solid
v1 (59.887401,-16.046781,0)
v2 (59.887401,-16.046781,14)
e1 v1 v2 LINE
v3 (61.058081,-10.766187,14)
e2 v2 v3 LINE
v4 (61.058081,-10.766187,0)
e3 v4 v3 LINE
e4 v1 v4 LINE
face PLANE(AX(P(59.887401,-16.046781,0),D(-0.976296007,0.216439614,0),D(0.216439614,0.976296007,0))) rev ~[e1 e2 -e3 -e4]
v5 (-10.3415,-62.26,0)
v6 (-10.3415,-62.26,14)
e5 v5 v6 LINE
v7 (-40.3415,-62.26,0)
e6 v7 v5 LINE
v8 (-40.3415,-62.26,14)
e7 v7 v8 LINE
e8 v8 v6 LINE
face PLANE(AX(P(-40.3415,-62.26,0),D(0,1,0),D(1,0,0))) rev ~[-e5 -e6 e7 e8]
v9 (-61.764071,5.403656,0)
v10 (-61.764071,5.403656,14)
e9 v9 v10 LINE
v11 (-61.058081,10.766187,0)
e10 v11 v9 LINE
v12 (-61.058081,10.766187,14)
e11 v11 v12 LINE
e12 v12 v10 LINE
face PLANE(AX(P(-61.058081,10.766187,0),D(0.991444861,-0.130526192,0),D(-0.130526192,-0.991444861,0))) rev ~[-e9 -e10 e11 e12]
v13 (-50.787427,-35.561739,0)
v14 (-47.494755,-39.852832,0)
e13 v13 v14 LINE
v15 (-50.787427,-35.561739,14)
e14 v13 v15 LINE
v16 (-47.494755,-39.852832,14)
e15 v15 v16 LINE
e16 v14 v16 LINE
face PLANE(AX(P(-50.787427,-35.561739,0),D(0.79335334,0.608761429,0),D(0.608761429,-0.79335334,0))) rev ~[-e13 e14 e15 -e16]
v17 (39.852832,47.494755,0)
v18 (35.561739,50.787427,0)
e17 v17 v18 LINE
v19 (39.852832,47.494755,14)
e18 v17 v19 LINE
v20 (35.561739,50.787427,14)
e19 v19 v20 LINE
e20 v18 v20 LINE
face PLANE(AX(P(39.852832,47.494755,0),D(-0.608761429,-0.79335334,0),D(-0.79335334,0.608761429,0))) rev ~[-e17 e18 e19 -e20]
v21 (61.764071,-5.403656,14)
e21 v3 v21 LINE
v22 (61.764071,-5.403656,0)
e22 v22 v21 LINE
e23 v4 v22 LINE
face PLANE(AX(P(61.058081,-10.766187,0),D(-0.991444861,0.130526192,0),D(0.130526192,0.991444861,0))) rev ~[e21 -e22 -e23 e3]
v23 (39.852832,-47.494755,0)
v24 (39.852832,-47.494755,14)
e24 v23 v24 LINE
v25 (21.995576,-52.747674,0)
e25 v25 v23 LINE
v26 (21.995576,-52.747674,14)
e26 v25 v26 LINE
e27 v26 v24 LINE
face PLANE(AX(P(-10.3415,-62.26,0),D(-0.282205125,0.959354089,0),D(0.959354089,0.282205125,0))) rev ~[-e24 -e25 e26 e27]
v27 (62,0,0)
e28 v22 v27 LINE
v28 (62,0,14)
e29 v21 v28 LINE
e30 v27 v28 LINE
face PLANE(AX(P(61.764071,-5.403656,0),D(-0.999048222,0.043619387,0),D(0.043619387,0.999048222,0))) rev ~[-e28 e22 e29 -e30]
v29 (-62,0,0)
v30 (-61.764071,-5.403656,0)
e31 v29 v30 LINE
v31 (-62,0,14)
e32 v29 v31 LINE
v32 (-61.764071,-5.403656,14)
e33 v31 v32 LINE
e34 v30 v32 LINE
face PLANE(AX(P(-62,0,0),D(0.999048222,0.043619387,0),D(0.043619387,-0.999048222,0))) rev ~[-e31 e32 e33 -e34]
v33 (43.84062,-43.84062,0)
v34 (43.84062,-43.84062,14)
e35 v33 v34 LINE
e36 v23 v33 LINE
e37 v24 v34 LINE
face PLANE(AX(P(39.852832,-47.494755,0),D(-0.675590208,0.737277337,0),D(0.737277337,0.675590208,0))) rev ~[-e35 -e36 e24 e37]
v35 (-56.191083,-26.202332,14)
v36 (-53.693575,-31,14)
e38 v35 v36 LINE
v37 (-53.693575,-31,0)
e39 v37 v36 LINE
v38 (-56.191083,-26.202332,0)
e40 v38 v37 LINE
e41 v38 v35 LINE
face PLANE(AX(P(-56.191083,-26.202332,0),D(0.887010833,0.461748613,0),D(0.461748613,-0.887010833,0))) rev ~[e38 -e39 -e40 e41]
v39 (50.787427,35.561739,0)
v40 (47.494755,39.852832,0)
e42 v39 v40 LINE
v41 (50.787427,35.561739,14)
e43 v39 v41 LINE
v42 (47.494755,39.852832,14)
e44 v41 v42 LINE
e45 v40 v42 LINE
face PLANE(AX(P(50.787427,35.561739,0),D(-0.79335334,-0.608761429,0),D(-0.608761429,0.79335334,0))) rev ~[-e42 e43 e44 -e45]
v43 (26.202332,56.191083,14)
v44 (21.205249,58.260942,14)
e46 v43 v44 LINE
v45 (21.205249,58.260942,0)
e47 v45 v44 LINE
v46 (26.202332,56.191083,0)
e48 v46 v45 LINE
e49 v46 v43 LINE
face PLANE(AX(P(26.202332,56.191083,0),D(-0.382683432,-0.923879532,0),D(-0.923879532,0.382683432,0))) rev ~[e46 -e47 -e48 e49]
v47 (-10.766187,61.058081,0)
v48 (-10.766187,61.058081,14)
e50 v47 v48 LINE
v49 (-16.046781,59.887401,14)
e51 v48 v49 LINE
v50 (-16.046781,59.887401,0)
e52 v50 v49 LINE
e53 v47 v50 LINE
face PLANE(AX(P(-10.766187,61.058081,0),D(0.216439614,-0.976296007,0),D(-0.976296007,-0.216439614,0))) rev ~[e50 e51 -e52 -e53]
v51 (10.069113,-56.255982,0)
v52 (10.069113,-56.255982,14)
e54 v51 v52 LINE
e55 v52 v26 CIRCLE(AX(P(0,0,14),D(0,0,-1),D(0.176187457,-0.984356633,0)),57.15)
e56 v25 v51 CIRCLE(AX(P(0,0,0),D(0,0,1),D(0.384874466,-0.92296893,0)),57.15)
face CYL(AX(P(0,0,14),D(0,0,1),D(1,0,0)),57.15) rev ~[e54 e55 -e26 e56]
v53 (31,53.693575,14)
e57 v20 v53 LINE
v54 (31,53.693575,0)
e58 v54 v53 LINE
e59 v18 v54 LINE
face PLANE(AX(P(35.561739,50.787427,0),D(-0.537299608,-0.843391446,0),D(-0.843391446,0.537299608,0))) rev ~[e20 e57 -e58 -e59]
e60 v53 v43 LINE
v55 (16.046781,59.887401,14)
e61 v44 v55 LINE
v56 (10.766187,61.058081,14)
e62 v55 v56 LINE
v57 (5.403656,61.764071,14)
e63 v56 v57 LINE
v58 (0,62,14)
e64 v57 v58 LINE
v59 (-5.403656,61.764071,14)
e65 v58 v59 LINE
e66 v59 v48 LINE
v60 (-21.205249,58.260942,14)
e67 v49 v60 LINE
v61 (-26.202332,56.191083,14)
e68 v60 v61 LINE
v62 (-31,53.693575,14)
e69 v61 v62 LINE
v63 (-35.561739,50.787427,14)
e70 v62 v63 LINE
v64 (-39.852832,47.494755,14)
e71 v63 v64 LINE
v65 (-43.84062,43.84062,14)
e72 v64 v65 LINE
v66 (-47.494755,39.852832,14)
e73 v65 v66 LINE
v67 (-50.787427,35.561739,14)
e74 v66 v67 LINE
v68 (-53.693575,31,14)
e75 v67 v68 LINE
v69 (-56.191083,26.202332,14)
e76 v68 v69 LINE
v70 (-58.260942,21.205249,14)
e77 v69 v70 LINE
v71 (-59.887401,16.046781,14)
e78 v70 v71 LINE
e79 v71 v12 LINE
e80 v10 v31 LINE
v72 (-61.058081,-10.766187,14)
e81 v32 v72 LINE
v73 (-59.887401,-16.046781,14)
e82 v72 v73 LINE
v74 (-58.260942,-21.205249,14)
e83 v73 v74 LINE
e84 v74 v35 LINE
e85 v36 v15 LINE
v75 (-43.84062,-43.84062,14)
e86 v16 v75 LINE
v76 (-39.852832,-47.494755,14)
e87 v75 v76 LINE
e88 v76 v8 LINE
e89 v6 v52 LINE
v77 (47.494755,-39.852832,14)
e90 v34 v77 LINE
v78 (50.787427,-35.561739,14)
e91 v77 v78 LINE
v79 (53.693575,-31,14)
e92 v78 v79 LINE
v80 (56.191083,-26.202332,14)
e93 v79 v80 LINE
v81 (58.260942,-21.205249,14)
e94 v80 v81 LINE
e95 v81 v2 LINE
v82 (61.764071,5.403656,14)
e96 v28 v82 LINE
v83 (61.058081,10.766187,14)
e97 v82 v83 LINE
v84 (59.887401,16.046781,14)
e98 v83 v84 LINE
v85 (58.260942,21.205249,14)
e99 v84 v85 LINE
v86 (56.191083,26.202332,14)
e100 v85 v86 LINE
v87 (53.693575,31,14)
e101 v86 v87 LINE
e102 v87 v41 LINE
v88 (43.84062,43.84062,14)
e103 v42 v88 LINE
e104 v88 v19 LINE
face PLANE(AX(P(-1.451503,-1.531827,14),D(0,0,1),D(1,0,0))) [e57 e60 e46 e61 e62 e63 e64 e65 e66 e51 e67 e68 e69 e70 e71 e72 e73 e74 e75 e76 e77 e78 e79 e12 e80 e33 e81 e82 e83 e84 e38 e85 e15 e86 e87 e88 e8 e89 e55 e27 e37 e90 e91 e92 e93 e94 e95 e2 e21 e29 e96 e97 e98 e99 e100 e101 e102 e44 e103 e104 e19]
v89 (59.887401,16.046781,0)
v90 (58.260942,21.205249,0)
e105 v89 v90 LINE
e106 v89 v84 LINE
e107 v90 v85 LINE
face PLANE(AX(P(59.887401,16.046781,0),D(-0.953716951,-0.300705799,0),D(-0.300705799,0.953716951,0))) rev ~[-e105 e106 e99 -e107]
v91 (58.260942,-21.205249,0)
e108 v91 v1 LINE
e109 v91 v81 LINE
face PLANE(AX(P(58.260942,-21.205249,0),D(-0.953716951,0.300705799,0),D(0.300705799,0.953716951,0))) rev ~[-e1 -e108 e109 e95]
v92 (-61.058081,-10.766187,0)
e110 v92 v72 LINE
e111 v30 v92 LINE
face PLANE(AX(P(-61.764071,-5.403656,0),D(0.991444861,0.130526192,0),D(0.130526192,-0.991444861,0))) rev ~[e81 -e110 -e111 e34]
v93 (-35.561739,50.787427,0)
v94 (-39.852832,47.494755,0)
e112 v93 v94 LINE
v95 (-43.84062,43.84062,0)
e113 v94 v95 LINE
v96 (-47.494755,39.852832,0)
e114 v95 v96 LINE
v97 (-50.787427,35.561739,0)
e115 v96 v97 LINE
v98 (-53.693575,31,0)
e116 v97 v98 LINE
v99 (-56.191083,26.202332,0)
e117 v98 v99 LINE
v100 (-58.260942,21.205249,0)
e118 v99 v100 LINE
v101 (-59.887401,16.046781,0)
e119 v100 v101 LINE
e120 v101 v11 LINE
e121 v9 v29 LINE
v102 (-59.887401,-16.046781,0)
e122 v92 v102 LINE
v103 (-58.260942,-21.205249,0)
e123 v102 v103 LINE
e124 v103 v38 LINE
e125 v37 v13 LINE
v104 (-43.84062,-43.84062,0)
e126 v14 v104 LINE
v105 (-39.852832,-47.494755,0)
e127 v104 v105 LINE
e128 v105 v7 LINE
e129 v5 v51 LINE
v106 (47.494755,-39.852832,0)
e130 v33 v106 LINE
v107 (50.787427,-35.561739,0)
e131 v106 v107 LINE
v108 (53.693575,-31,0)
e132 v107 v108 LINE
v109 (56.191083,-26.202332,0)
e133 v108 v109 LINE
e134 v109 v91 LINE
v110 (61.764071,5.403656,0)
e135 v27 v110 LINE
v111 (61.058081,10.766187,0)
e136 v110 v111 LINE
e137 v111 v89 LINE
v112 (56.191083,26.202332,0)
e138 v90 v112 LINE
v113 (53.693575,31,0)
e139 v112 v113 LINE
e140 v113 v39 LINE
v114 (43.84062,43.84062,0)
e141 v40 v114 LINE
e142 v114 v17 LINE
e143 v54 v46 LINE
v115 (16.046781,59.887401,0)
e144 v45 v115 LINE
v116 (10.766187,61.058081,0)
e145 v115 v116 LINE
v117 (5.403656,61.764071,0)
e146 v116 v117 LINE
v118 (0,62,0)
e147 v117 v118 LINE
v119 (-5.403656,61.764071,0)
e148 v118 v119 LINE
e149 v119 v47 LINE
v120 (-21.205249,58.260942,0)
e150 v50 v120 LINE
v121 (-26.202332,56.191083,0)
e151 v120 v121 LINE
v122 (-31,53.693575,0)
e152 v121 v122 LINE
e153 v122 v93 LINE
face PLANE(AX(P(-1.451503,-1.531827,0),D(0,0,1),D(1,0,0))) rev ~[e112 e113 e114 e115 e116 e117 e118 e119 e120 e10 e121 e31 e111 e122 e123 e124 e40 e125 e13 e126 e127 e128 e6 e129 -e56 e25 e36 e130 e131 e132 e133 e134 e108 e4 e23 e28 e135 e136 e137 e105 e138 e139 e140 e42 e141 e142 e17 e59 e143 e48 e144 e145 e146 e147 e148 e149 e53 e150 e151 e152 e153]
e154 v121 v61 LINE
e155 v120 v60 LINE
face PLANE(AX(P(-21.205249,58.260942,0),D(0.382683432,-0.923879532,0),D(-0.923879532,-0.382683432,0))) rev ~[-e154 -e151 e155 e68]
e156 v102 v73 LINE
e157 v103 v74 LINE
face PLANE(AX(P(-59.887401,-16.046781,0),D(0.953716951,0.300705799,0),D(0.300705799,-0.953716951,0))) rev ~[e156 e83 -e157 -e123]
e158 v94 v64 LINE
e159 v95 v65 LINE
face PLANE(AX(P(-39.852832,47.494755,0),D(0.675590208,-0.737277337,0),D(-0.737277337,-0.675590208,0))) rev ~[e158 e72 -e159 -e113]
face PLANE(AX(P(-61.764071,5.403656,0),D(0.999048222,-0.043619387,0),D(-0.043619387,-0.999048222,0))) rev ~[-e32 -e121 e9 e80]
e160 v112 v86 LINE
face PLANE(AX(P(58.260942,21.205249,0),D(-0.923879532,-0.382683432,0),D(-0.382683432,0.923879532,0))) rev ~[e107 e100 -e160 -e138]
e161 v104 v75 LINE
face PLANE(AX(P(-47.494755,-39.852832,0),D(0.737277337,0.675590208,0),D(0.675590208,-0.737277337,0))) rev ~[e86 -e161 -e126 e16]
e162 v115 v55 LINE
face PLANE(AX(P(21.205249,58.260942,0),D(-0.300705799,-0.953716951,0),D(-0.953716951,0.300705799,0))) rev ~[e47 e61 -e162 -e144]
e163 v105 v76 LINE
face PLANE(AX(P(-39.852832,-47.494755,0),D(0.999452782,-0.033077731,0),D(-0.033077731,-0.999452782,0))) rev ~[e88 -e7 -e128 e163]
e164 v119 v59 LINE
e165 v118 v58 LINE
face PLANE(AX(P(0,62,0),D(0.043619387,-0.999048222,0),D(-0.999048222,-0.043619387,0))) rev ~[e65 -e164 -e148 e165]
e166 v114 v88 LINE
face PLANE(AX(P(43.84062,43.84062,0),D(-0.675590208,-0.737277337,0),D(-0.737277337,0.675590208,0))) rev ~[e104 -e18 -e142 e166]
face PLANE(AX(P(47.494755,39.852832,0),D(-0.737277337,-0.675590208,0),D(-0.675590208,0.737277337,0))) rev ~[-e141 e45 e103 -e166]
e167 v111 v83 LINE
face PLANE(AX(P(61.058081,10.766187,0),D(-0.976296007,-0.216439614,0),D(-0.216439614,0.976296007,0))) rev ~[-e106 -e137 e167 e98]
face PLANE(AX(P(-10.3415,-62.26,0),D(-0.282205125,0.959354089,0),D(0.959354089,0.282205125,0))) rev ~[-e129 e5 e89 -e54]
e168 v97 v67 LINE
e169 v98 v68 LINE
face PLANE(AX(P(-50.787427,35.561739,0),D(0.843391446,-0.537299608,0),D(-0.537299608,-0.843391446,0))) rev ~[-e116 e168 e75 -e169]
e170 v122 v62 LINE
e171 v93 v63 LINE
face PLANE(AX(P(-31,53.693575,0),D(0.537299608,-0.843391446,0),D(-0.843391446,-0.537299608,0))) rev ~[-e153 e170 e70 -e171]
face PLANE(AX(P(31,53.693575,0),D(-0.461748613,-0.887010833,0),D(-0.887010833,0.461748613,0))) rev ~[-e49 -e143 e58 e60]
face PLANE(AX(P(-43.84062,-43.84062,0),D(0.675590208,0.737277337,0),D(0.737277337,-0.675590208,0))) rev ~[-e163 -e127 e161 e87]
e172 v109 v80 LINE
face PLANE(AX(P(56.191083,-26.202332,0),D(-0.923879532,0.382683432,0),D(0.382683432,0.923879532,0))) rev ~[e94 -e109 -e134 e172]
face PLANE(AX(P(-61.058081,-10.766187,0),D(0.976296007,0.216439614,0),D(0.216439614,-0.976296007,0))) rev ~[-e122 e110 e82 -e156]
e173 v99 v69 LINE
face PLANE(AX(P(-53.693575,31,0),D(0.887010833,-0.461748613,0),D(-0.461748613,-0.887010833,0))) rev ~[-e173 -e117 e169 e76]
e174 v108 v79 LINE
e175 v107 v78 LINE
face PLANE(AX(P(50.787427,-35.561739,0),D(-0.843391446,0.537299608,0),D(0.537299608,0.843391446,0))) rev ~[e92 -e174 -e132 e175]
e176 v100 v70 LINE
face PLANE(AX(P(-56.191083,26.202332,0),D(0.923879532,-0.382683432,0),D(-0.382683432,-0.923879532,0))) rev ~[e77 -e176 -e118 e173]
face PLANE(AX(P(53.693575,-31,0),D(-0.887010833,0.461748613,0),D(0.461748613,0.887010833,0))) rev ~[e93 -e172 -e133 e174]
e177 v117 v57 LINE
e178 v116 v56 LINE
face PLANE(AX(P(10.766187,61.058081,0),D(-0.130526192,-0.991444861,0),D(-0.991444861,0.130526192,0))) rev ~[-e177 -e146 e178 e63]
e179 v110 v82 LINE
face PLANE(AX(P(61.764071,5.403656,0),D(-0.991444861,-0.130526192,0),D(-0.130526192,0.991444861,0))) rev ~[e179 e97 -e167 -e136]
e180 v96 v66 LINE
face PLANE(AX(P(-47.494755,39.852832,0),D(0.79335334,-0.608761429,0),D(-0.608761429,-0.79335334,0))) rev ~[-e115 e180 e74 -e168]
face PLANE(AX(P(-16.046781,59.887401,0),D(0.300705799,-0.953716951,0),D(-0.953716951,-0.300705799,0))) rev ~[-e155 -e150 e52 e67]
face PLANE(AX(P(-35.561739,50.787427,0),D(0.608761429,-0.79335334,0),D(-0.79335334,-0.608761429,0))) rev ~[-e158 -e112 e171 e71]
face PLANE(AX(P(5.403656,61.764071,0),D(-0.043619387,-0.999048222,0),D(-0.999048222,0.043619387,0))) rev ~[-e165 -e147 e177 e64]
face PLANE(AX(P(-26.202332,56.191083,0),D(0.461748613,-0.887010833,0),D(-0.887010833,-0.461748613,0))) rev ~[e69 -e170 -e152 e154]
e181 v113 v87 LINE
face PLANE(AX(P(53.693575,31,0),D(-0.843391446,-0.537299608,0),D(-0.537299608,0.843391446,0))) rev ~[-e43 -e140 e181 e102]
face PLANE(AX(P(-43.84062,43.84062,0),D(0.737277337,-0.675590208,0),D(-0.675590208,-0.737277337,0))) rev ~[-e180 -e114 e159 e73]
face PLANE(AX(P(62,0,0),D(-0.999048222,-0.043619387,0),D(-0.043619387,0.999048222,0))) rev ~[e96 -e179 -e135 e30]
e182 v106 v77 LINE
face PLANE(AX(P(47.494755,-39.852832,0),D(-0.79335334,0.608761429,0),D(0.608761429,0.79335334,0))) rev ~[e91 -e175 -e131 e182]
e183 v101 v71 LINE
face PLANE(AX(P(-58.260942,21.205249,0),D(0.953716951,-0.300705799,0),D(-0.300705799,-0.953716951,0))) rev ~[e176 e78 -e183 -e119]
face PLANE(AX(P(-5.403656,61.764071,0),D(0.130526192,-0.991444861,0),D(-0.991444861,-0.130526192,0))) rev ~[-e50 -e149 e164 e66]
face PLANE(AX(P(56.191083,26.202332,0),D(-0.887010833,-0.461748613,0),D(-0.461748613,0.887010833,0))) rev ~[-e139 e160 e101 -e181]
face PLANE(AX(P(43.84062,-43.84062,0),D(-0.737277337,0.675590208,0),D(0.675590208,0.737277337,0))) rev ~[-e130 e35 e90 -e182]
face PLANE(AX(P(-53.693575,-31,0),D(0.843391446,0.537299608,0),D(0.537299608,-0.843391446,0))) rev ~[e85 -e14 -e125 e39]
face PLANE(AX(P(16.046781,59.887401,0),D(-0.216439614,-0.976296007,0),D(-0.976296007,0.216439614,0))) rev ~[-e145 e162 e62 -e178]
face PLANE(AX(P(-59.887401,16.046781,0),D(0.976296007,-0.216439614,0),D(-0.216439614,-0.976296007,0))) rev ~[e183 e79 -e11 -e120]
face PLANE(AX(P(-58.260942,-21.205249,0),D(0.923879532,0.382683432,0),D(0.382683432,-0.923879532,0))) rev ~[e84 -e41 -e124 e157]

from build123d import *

# Parameters (mm, degrees)
CLAMP_AND_LOWER_FOOT_DEPTH = 14
SKETCH_2_R                 = 57.15
CANISTER_SEAT_DEPTH        = 89.973634297


with BuildPart() as part:
    # 草图1 → Clamp_and_lower_foot (new body)
    with BuildSketch(Plane.XY):
        Polygon((39.852831801, -47.494755473), (43.840620434, -43.840620434), (47.494755473, -39.852831801), (50.787426746, -35.561739054), (53.693575035, -31), (56.191082796, -26.202332228), (58.260942489, -21.205248886), (59.88740123, -16.046780796), (61.058080687, -10.766187015), (61.764071282, -5.40365605), (62, 0), (61.764071282, 5.40365605), (61.058080687, 10.766187015), (59.88740123, 16.046780796), (58.260942489, 21.205248886), (56.191082796, 26.202332228), (53.693575035, 31), (50.787426746, 35.561739054), (47.494755473, 39.852831801), (43.840620434, 43.840620434), (39.852831801, 47.494755473), (35.561739054, 50.787426746), (31, 53.693575035), (26.202332228, 56.191082796), (21.205248886, 58.260942489), (16.046780796, 59.88740123), (10.766187015, 61.058080687), (5.40365605, 61.764071282), (0, 62), (-5.40365605, 61.764071282), (-10.766187015, 61.058080687), (-16.046780796, 59.88740123), (-21.205248886, 58.260942489), (-26.202332228, 56.191082796), (-31, 53.693575035), (-35.561739054, 50.787426746), (-39.852831801, 47.494755473), (-43.840620434, 43.840620434), (-47.494755473, 39.852831801), (-50.787426746, 35.561739054), (-53.693575035, 31), (-56.191082796, 26.202332228), (-58.260942489, 21.205248886), (-59.88740123, 16.046780796), (-61.058080687, 10.766187015), (-61.764071282, 5.40365605), (-62, 0), (-61.764071282, -5.40365605), (-61.058080687, -10.766187015), (-59.88740123, -16.046780796), (-58.260942489, -21.205248886), (-56.191082796, -26.202332228), (-53.693575035, -31), (-50.787426746, -35.561739054), (-47.494755473, -39.852831801), (-43.840620434, -43.840620434), (-39.852831801, -47.494755473), (-40.3415, -62.26), (-10.3415, -62.26), align=None)
    extrude(amount=CLAMP_AND_LOWER_FOOT_DEPTH)

    # 草图2 → Canister_seat (cut, through all)
    with BuildSketch(Plane.XY.offset(14)):
        Circle(SKETCH_2_R)
    extrude(amount=-CANISTER_SEAT_DEPTH, mode=Mode.SUBTRACT)


solid = part.part
